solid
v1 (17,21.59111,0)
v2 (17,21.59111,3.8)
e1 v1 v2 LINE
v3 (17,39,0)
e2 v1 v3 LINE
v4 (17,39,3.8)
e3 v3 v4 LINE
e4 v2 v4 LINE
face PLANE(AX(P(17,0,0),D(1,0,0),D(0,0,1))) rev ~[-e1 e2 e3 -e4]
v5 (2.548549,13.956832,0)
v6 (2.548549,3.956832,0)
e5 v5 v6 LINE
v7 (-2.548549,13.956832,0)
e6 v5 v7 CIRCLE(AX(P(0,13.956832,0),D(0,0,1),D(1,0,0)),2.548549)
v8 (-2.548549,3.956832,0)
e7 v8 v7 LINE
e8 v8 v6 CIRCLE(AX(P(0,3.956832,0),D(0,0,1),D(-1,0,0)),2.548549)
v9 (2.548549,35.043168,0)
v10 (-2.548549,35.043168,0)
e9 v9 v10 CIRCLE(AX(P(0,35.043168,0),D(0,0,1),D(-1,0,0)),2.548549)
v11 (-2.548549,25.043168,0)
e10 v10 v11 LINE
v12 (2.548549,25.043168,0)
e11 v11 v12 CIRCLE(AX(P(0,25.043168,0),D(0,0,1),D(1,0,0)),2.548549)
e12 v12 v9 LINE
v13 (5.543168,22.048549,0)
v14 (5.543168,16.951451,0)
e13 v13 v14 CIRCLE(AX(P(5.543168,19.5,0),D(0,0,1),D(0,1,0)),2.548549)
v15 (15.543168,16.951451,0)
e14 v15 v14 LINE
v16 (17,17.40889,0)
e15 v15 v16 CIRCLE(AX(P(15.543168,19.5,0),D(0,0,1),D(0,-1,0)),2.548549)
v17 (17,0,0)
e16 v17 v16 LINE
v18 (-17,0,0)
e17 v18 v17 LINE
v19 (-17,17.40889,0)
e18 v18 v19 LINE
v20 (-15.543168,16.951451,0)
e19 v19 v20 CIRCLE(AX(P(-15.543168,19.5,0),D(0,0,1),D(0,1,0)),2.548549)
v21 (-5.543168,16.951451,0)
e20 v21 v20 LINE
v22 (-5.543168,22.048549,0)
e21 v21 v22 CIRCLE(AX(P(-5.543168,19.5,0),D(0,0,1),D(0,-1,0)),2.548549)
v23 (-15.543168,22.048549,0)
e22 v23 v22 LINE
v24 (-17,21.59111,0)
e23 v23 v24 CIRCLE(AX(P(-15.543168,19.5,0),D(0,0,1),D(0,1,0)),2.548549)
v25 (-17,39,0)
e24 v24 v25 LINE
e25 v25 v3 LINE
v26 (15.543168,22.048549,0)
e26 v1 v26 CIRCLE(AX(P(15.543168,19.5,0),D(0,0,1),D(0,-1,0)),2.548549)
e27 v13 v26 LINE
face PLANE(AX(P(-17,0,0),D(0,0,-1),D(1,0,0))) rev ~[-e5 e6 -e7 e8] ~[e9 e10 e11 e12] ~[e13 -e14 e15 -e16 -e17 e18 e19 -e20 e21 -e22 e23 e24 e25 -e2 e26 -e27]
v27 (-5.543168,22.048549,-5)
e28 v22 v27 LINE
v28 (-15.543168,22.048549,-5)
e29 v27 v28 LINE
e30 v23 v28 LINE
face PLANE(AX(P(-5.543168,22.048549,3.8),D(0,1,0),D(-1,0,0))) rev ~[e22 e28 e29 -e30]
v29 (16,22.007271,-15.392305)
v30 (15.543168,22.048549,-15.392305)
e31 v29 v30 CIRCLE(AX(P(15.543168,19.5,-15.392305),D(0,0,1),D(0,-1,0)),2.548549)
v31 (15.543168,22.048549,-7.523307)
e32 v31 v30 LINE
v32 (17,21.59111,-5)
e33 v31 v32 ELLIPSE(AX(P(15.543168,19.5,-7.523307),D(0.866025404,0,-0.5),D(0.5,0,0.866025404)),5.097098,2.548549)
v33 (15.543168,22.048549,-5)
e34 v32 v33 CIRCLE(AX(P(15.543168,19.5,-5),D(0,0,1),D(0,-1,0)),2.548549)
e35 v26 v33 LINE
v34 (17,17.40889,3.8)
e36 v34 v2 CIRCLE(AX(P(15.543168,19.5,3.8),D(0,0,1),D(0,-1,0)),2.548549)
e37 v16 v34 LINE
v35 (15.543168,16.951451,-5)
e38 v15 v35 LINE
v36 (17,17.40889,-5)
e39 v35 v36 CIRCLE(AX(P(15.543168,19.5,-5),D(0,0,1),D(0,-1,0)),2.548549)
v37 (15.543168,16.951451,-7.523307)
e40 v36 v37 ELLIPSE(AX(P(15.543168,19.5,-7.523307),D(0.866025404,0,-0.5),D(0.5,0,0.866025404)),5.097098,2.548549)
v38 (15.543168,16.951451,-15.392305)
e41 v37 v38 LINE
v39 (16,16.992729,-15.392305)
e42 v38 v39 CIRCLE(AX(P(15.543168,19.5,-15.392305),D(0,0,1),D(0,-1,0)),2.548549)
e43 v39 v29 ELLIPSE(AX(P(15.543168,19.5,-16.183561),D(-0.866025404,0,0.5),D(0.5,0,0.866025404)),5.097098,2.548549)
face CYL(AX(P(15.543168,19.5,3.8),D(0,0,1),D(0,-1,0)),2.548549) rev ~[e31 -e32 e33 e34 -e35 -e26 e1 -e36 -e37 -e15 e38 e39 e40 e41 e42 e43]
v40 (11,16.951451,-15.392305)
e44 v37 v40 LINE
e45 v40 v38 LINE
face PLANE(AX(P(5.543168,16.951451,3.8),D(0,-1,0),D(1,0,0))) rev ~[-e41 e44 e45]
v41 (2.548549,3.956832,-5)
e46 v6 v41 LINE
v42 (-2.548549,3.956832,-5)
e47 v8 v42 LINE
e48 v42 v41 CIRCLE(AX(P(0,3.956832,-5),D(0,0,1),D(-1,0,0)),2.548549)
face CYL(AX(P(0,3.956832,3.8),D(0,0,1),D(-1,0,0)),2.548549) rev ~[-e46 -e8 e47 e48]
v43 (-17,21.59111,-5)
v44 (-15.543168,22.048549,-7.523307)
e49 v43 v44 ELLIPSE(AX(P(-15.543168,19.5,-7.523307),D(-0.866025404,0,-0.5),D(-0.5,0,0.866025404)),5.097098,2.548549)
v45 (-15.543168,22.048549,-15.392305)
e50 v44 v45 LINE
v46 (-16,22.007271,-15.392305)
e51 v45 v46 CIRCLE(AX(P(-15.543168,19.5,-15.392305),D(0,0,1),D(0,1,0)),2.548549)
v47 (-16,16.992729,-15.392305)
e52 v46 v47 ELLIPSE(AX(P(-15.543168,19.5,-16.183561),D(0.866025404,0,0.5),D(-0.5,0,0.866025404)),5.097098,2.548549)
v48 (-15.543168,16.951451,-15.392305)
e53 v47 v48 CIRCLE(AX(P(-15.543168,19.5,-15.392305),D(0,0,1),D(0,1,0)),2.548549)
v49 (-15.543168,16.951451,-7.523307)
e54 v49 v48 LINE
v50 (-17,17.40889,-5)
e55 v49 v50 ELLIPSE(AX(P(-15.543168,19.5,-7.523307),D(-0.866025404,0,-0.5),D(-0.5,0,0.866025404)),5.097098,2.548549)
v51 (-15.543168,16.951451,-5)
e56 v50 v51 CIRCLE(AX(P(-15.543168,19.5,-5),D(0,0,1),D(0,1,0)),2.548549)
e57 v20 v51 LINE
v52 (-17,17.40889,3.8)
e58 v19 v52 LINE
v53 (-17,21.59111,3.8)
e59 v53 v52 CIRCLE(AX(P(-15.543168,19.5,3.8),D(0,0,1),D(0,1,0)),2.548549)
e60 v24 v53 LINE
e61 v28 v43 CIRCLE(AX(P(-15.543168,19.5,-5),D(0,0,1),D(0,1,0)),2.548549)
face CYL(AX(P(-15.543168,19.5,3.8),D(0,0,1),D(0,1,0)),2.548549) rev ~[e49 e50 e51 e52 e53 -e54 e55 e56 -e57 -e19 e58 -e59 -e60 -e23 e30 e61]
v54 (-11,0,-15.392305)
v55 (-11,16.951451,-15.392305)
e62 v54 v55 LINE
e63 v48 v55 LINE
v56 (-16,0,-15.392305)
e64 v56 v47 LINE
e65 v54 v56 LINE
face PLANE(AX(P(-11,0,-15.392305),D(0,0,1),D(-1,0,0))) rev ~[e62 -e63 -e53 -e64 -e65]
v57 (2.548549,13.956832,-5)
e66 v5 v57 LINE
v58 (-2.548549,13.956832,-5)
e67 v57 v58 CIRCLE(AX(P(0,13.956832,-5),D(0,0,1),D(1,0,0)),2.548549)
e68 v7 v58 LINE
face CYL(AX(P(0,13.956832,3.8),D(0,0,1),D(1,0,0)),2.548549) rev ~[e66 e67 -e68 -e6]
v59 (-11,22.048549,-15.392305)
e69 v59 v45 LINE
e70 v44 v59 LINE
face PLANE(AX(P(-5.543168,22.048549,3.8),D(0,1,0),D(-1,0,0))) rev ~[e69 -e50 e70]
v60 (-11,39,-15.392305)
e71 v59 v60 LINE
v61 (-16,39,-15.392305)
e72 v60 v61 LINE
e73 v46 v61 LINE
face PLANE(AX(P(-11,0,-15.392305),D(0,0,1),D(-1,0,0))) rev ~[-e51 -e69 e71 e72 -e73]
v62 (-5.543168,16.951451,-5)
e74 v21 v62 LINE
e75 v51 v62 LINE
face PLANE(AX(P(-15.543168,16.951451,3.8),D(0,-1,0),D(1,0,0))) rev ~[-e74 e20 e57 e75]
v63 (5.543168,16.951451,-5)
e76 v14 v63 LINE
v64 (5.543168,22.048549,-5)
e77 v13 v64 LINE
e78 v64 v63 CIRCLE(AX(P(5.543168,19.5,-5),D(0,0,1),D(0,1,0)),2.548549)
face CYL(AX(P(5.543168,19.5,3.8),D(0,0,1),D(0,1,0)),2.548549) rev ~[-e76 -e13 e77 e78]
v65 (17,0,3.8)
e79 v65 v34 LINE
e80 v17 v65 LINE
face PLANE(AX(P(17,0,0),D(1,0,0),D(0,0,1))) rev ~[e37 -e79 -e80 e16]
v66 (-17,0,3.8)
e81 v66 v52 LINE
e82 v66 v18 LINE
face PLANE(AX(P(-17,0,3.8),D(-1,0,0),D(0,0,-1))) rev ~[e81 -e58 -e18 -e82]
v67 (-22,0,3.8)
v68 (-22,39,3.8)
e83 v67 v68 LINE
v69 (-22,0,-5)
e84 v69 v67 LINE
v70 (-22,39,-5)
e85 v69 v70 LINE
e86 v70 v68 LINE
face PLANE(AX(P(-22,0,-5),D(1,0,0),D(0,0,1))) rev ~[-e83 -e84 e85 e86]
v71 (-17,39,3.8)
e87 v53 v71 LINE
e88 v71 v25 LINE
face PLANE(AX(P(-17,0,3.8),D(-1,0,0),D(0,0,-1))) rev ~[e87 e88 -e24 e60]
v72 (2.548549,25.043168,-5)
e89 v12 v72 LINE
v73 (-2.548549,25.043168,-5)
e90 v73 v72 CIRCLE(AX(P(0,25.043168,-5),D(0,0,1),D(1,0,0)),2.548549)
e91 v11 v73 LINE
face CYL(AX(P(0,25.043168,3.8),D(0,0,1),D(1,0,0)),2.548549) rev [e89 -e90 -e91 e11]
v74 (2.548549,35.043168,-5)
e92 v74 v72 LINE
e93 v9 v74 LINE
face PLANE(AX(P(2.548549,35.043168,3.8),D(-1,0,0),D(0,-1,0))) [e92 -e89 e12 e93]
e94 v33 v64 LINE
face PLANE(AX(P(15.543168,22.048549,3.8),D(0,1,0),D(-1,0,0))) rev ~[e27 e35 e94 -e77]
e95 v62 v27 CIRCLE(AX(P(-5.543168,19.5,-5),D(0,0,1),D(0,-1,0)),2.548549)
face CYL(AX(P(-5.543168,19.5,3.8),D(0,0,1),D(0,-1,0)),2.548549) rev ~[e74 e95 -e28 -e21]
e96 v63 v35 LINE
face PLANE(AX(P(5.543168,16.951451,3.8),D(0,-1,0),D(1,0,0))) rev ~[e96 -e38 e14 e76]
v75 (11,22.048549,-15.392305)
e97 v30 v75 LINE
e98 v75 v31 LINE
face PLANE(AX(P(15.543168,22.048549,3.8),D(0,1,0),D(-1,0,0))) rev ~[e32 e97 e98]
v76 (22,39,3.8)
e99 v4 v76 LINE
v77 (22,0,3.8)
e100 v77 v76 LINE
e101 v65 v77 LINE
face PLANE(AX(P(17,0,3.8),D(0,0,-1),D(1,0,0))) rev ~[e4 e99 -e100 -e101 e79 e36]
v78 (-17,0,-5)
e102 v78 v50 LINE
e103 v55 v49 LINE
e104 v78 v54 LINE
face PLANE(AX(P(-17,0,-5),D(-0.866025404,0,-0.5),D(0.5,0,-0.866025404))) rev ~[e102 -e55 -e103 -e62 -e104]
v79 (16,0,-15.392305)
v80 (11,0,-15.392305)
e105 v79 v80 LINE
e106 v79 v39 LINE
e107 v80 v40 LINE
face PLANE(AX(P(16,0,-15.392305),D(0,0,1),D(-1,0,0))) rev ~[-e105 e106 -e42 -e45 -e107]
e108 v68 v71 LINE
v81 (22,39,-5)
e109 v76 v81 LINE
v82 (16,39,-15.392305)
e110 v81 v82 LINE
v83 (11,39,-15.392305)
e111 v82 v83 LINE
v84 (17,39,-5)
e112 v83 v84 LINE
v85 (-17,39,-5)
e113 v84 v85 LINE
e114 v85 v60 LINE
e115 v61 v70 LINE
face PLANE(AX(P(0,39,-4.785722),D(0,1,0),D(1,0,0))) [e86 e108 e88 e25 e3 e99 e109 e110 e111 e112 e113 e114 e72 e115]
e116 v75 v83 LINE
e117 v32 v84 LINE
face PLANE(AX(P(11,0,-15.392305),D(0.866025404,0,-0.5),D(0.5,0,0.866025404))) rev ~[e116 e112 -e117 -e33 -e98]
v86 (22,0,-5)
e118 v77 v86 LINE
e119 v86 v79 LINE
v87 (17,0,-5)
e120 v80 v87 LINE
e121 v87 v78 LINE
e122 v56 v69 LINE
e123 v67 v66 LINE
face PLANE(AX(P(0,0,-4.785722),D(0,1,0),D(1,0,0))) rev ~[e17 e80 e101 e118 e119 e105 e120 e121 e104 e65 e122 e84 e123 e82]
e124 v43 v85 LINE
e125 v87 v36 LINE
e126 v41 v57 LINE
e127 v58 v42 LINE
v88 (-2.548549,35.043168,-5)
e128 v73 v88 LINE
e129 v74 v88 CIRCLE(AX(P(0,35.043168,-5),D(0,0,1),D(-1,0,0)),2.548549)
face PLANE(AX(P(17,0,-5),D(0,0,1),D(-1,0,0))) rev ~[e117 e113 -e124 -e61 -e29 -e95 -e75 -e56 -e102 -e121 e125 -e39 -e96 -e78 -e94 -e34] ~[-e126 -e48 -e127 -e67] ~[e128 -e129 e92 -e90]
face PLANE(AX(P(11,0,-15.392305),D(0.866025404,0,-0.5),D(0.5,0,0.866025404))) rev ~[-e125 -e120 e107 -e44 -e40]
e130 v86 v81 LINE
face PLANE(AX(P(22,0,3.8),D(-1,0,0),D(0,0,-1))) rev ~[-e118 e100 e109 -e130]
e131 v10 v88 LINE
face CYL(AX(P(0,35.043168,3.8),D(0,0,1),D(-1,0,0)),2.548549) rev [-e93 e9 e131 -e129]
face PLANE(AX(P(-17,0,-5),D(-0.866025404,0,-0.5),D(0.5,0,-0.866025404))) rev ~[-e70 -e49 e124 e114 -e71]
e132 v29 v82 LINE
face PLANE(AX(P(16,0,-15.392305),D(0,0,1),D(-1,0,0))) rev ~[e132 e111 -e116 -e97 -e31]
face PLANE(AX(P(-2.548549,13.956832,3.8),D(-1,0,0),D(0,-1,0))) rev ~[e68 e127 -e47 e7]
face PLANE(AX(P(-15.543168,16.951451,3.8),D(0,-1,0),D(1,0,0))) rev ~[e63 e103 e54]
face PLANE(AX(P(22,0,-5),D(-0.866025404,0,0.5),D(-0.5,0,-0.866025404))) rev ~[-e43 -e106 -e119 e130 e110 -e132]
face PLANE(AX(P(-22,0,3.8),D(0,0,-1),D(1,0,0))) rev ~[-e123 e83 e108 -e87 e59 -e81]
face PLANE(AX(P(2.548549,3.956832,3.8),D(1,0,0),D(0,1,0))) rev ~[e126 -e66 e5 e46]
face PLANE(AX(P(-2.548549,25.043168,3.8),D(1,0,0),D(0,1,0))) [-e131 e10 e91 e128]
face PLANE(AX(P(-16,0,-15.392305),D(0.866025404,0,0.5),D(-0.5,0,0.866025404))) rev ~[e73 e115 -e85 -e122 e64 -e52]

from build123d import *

# Parameters (mm, degrees)
EXTRUDE_1_DEPTH     = 39
CUT_EXTRUDE_1_DEPTH = 49.716984362


with BuildPart() as part:
    # 草图1 → 凸台-拉伸1 (new body)
    with BuildSketch(Plane(origin=(0, 0, 0), x_dir=(1, 0, 0), z_dir=(0, 1, 0))):
        Polygon((-22, 0), (-22, -3.8), (-17, -3.8), (-17, 0), (17, 0), (17, -3.8), (22, -3.8), (22, 0), (22, 5), (16, 15.392304845), (11, 15.392304845), (17, 5), (-17, 5), (-11, 15.392304845), (-16, 15.392304845), (-22, 5), align=None)
    extrude(amount=EXTRUDE_1_DEPTH)

    # 草图2 → 切除-拉伸1 (cut, through all)
    with BuildSketch(Plane.XY.offset(3.8)):
        with BuildLine():
            Line((-2.548549229, 25.043167775), (-2.548549229, 35.043167775))
            ThreePointArc((-2.548549229, 35.043167775), (0, 37.591717003), (2.548549229, 35.043167775))
            Line((2.548549229, 35.043167775), (2.548549229, 25.043167775))
            ThreePointArc((2.548549229, 25.043167775), (0, 22.494618546), (-2.548549229, 25.043167775))
        make_face()
        with BuildLine():
            Line((5.543167775, 16.951450771), (15.543167775, 16.951450771))
            ThreePointArc((15.543167775, 16.951450771), (18.091717003, 19.5), (15.543167775, 22.048549229))
            Line((15.543167775, 22.048549229), (5.543167775, 22.048549229))
            ThreePointArc((5.543167775, 22.048549229), (2.994618546, 19.5), (5.543167775, 16.951450771))
        make_face()
        with BuildLine():
            Line((-2.548549229, 13.956832225), (-2.548549229, 3.956832225))
            ThreePointArc((-2.548549229, 3.956832225), (0, 1.408282997), (2.548549229, 3.956832225))
            Line((2.548549229, 3.956832225), (2.548549229, 13.956832225))
            ThreePointArc((2.548549229, 13.956832225), (0, 16.505381454), (-2.548549229, 13.956832225))
        make_face()
        with BuildLine():
            Line((-5.543167775, 22.048549229), (-15.543167775, 22.048549229))
            ThreePointArc((-15.543167775, 22.048549229), (-18.091717003, 19.5), (-15.543167775, 16.951450771))
            Line((-15.543167775, 16.951450771), (-5.543167775, 16.951450771))
            ThreePointArc((-5.543167775, 16.951450771), (-2.994618546, 19.5), (-5.543167775, 22.048549229))
        make_face()
    extrude(amount=-CUT_EXTRUDE_1_DEPTH, mode=Mode.SUBTRACT)


solid = part.part
